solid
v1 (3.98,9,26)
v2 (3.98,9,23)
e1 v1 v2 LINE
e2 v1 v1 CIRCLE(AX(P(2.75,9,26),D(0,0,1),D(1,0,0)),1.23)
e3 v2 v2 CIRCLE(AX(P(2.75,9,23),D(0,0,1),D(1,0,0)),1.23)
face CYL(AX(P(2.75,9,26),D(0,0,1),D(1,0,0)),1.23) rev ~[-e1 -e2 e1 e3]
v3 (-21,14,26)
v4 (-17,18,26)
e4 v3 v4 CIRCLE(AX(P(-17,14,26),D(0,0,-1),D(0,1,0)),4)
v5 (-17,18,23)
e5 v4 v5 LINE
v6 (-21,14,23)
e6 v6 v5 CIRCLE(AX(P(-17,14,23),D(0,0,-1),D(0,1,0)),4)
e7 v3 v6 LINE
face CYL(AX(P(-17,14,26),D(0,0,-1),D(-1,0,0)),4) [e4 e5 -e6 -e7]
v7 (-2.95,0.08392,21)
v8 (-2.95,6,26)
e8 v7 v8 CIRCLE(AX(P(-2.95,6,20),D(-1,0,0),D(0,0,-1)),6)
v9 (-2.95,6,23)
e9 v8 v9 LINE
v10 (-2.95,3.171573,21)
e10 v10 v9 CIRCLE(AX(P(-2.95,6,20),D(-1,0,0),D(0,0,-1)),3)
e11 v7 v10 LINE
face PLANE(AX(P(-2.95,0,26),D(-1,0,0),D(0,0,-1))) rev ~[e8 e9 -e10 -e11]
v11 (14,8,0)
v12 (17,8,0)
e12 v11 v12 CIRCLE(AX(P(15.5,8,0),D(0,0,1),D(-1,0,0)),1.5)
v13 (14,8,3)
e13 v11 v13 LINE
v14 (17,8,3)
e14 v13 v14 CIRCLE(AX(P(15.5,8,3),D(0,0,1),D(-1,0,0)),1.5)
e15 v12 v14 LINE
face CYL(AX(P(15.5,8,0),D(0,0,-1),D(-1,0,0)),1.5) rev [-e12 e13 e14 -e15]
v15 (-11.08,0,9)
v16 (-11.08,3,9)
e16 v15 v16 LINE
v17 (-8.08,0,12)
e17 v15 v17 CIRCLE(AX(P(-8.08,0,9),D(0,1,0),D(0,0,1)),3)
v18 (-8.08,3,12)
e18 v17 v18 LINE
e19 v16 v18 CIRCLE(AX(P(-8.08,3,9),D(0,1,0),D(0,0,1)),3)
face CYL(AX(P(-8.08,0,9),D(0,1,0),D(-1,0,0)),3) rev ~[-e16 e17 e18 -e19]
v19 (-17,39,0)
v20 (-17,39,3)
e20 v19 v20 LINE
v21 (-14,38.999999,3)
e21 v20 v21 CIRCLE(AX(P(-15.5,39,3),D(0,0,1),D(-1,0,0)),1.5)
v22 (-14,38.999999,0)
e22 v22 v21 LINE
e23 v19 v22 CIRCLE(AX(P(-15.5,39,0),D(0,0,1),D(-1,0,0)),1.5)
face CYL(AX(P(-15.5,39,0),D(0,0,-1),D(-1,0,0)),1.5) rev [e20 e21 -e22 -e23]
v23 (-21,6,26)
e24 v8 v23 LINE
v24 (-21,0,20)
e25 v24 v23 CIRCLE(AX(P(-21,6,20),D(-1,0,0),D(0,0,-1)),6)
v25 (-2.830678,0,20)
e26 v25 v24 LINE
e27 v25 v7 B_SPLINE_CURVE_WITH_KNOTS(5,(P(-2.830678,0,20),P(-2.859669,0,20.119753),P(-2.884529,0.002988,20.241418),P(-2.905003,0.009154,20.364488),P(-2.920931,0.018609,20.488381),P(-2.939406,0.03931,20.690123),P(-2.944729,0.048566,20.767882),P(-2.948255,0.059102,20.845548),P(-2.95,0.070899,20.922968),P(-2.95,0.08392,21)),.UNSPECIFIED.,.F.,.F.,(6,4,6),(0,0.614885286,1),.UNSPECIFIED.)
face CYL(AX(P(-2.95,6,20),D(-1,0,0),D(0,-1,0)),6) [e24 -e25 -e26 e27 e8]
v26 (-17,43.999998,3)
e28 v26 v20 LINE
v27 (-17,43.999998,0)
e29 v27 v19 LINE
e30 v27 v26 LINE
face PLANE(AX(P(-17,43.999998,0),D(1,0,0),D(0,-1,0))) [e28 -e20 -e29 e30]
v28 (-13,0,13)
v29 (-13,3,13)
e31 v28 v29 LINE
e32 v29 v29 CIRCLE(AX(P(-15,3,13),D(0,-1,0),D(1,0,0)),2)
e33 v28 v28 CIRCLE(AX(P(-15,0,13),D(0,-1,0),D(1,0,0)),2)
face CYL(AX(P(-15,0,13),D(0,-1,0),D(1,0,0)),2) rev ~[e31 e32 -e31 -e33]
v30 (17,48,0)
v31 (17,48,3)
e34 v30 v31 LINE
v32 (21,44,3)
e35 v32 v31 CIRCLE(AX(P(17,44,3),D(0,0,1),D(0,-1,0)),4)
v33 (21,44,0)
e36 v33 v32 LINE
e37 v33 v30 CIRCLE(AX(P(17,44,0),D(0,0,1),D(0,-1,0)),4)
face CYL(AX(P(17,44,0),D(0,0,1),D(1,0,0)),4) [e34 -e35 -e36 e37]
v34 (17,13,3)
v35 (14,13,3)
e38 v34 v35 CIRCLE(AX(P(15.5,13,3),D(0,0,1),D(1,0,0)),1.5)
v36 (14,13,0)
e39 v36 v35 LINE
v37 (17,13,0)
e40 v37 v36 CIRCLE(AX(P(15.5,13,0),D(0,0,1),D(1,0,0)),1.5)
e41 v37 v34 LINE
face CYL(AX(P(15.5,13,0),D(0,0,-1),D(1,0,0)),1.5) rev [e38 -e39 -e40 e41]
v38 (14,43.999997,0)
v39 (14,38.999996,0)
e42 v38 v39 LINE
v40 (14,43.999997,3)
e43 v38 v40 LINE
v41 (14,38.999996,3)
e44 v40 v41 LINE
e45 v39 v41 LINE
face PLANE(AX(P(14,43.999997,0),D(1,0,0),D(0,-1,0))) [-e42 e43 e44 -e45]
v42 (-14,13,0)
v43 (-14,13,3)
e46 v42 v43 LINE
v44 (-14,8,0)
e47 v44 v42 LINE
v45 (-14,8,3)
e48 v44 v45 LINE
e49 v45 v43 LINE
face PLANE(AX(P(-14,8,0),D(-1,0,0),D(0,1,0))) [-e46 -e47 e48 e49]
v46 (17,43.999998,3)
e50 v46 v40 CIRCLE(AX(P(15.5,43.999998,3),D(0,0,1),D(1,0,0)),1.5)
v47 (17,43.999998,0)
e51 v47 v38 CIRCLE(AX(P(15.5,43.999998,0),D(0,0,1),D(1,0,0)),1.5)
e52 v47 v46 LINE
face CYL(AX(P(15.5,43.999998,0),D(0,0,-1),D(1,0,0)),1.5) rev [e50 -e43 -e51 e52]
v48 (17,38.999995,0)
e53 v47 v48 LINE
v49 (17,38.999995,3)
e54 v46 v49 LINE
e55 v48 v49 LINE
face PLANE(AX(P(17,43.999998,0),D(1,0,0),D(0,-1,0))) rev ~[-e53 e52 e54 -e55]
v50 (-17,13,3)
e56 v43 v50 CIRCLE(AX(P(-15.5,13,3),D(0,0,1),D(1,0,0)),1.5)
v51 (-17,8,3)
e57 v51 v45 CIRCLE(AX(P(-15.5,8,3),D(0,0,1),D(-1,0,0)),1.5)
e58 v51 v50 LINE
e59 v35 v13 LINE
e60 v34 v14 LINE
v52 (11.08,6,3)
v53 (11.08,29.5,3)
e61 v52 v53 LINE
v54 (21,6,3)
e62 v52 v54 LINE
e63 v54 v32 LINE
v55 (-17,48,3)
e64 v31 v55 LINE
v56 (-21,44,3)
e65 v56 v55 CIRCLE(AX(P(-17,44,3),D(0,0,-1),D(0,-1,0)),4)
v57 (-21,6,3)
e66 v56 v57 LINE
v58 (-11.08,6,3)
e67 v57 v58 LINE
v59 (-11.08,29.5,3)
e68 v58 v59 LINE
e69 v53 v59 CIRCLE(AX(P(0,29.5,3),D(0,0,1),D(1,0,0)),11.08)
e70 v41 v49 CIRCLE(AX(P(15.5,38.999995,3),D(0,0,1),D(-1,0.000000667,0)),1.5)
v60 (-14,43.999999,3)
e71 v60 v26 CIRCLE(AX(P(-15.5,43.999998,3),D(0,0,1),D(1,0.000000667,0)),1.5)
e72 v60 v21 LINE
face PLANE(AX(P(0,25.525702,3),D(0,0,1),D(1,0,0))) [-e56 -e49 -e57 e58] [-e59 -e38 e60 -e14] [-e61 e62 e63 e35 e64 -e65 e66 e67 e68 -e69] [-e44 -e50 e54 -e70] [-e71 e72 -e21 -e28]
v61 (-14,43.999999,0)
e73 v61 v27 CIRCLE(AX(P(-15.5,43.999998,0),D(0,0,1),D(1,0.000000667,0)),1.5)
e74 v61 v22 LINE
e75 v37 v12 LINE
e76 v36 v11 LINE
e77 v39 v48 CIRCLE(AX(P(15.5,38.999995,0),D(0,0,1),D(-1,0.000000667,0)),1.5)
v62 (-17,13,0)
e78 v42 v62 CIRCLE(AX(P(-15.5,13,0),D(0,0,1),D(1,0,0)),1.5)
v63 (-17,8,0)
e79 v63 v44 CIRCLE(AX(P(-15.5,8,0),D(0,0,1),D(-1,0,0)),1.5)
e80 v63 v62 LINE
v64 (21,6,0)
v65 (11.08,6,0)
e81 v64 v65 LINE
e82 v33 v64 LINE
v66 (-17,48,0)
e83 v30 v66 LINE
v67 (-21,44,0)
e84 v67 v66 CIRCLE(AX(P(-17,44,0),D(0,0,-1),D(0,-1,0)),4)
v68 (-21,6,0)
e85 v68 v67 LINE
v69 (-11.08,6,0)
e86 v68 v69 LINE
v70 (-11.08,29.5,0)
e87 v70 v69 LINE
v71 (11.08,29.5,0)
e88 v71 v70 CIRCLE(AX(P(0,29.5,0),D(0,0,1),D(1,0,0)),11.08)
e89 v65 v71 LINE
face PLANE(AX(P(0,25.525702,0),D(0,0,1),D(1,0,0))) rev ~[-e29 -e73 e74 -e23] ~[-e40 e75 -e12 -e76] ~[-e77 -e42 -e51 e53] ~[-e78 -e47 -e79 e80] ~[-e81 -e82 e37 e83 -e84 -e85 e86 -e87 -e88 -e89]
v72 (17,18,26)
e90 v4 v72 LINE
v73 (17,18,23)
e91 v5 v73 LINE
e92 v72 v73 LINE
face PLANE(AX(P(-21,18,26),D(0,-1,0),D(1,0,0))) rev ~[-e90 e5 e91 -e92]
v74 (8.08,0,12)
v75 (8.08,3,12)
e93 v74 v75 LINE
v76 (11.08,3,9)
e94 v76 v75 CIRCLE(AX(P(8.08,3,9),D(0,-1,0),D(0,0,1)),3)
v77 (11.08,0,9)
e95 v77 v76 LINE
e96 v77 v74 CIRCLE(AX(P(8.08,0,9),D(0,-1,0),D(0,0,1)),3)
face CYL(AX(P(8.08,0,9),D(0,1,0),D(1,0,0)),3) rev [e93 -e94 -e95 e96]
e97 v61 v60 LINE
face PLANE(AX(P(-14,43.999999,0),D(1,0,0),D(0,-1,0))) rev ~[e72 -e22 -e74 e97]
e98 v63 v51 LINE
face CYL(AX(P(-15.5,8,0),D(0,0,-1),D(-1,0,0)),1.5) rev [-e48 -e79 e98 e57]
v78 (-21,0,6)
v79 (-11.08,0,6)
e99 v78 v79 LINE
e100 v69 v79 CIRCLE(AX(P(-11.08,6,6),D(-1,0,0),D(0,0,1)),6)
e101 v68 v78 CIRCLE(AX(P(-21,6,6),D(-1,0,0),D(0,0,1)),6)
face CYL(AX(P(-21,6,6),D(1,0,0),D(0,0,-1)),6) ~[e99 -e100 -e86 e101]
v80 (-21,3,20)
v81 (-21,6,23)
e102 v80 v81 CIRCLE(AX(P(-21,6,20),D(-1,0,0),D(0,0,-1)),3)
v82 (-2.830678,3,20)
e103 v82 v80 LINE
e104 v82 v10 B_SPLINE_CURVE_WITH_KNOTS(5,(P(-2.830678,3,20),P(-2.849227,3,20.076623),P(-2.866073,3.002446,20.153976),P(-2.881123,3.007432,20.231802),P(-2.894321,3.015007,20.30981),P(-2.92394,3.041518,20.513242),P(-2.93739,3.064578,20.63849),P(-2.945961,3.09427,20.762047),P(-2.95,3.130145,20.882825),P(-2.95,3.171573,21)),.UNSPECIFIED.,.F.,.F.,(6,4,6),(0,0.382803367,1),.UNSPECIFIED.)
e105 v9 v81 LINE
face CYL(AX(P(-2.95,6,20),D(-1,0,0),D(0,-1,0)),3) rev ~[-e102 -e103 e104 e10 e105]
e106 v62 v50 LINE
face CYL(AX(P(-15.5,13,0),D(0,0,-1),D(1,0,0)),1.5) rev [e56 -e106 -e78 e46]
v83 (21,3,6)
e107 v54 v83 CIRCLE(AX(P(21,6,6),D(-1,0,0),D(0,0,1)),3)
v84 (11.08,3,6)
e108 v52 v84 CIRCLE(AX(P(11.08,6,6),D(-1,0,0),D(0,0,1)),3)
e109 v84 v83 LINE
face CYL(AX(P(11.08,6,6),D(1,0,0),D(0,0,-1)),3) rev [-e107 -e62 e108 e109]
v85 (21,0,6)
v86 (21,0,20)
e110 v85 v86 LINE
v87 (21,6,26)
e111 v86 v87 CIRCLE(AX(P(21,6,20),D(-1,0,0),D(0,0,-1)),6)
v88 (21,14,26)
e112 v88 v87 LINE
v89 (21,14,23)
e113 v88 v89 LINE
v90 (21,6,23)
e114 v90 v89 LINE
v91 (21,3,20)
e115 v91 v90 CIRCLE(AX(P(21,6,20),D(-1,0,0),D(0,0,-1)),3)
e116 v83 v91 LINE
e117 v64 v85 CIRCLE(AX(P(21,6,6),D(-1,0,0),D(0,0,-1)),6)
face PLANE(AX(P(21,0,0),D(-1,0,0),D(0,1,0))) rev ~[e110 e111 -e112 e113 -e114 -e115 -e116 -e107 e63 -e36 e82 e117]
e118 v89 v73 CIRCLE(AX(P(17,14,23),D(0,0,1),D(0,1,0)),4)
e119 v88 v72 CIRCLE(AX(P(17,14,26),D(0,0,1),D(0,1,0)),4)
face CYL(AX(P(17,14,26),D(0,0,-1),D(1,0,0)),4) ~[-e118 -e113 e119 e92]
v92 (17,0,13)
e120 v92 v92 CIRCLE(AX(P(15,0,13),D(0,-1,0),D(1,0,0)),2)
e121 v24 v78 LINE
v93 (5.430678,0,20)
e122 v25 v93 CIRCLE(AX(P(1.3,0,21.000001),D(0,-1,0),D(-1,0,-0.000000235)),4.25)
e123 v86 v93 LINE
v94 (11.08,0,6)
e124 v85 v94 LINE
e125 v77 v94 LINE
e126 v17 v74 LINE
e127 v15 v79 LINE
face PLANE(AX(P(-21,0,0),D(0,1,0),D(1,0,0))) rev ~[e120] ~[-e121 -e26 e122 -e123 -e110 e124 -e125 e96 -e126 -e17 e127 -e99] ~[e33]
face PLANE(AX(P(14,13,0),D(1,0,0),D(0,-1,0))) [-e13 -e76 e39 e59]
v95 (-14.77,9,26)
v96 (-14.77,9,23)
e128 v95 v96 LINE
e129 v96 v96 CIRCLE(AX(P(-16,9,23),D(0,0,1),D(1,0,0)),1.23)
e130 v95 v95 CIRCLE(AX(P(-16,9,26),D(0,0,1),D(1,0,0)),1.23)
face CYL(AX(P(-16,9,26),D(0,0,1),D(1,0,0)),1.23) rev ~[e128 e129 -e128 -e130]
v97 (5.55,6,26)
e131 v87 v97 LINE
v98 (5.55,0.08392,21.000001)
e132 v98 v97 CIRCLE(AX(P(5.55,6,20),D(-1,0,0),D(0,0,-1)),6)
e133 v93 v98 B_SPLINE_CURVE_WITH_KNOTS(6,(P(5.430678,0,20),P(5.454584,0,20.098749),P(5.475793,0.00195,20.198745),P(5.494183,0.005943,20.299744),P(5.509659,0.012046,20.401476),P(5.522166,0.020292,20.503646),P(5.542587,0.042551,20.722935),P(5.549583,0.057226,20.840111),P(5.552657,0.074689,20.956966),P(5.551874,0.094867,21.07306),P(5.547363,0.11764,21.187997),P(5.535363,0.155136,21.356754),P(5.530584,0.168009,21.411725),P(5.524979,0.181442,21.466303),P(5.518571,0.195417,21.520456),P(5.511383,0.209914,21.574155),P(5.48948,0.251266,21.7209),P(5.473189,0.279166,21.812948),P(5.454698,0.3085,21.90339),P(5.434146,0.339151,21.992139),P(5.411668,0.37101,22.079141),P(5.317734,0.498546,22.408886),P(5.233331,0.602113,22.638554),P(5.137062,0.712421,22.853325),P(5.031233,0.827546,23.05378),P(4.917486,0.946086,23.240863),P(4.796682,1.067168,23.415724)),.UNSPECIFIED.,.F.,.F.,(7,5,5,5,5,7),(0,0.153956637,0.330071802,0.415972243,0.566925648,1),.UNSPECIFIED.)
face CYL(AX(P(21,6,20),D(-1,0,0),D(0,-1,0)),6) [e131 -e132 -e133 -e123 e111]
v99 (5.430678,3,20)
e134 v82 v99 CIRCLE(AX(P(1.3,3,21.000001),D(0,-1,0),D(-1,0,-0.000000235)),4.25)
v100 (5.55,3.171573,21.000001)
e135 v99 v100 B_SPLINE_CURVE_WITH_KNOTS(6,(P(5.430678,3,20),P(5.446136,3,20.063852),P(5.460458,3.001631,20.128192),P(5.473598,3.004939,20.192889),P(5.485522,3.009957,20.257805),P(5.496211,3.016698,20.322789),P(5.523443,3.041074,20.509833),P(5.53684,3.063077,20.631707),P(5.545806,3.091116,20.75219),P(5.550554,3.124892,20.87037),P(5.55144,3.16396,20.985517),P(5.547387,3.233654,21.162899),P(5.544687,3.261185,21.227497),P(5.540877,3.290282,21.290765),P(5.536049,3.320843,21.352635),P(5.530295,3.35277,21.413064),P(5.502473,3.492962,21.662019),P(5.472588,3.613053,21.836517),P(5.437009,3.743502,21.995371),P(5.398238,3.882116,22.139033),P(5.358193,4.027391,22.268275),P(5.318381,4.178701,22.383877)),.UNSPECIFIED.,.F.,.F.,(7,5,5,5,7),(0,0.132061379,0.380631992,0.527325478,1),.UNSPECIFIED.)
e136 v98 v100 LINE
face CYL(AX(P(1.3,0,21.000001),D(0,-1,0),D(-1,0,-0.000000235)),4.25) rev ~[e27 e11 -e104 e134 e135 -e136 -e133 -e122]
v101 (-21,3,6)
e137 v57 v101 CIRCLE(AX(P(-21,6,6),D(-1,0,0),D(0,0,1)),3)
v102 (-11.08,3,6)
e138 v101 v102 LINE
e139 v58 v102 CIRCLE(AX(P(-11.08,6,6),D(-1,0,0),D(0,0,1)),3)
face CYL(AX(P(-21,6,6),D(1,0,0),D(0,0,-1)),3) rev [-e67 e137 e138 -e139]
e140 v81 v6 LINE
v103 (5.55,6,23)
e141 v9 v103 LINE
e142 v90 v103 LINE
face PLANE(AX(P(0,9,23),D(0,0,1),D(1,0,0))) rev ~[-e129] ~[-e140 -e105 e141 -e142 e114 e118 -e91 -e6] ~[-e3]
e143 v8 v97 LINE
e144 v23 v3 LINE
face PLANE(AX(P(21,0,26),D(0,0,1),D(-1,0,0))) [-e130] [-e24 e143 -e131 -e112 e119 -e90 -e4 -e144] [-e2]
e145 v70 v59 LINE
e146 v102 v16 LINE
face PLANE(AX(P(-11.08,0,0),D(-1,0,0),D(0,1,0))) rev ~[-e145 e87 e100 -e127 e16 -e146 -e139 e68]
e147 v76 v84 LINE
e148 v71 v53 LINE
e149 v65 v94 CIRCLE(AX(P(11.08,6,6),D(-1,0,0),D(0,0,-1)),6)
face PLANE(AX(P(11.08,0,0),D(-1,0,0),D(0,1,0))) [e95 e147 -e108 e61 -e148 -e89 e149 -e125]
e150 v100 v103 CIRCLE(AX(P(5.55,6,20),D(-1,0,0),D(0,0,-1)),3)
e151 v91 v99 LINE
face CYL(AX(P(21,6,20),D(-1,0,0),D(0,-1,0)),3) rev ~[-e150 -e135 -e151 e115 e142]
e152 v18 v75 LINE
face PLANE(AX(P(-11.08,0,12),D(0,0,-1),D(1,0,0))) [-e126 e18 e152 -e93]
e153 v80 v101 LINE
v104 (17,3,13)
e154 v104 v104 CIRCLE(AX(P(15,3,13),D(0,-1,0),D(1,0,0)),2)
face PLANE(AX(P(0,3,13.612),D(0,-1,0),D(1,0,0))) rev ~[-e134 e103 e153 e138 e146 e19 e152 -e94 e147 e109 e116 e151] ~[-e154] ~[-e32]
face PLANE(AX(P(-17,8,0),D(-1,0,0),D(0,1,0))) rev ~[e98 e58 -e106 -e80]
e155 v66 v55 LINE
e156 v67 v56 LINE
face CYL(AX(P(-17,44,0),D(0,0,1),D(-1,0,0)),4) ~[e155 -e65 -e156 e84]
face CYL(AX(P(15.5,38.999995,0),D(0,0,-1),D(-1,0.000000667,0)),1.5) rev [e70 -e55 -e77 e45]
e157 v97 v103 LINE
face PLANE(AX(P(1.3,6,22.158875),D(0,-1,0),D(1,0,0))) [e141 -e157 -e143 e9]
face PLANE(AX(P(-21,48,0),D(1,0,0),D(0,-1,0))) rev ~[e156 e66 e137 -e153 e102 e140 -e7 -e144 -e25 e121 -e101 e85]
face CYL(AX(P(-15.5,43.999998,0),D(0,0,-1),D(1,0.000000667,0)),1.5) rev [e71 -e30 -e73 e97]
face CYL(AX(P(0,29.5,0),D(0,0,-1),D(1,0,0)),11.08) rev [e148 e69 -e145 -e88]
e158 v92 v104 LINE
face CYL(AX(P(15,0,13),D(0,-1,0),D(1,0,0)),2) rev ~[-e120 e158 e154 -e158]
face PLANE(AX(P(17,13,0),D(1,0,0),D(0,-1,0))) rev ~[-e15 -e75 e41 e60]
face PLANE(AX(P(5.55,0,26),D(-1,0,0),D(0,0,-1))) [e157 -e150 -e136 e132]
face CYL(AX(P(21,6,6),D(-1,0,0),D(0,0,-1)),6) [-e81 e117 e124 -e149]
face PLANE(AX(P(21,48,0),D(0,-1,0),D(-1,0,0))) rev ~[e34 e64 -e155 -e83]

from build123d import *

# Parameters (mm, degrees)
PAD_DEPTH       = 3
SKETCH001_R     = 2
PAD001_DEPTH    = 3
SKETCH002_W     = 42
SKETCH002_H     = 18
PAD002_DEPTH    = 3
POCKET_DEPTH    = 6
SKETCH004_R     = 1.23
POCKET001_DEPTH = 5
FILLET_R        = 4
FILLET001_R     = 6
FILLET002_R     = 3
FILLET003_R     = 3


with BuildPart() as part:
    # Sketch → Pad (new body)
    with BuildSketch(Plane.XY):
        with BuildLine():
            Line((21, 0), (21, 48))
            Line((21, 48), (-21, 48))
            Line((-21, 48), (-21, 0))
            Line((-21, 0), (-11.08, 0))
            Line((-11.08, 0), (-11.08, 29.5))
            ThreePointArc((11.08, 29.5), (0, 40.58), (-11.08, 29.5))
            Line((11.08, 0), (11.08, 29.5))
            Line((21, 0), (11.08, 0))
        make_face()
        with BuildLine():
            Line((14, 13), (14, 8))
            ThreePointArc((14, 8), (15.5, 6.5), (17, 8))
            Line((17, 13), (17, 8))
            ThreePointArc((17, 13), (15.5, 14.5), (14, 13))
        make_face(mode=Mode.SUBTRACT)
        with BuildLine():
            Line((-14, 8), (-14, 13))
            ThreePointArc((-14, 13), (-15.5, 14.5), (-17, 13))
            Line((-17, 8), (-17, 13))
            ThreePointArc((-17, 8), (-15.5, 6.5), (-14, 8))
        make_face(mode=Mode.SUBTRACT)
        with BuildLine():
            Line((-17, 43.999998), (-17, 39))
            ThreePointArc((-17, 39), (-15.500001, 37.5), (-14, 38.999999))
            Line((-14, 43.999999), (-14, 38.999999))
            ThreePointArc((-14, 43.999999), (-15.500001, 45.499998), (-17, 43.999998))
        make_face(mode=Mode.SUBTRACT)
        with BuildLine():
            Line((17, 43.999998), (17, 38.999995))
            ThreePointArc((14, 38.999996), (15.499999, 37.499995), (17, 38.999995))
            Line((14, 43.999997), (14, 38.999996))
            ThreePointArc((17, 43.999998), (15.499999, 45.499998), (14, 43.999997))
        make_face(mode=Mode.SUBTRACT)
    extrude(amount=PAD_DEPTH)

    # Sketch001 → Pad001 (new body)
    with BuildSketch(Plane.XZ):
        Polygon((-11.08, 0), (-11.08, 12), (11.08, 12), (11.08, 0), (21, 0), (21, 26), (-21, 26), (-21, 0), align=None)
        with Locations((-15, 13)):
            Circle(SKETCH001_R, mode=Mode.SUBTRACT)
        with Locations((15, 13)):
            Circle(SKETCH001_R, mode=Mode.SUBTRACT)
    extrude(amount=-PAD001_DEPTH)

    # Sketch002 → Pad002 (new body)
    with BuildSketch(Plane.XY.offset(26)):
        with Locations((0, 9)):
            Rectangle(SKETCH002_W, SKETCH002_H)
    extrude(amount=-PAD002_DEPTH)

    # Sketch003 → Pocket (cut)
    with BuildSketch(Plane.XZ):
        with BuildLine():
            Line((-2.95, 26), (-2.95, 21))
            ThreePointArc((-2.95, 21), (1.300001, 16.750001), (5.55, 21.000001))
            Line((5.55, 26), (5.55, 21.000001))
            Line((-2.95, 26), (5.55, 26))
        make_face()
    extrude(amount=-POCKET_DEPTH, mode=Mode.SUBTRACT)

    # Sketch004 → Pocket001 (cut)
    with BuildSketch(Plane.XY.offset(26)):
        with Locations((-16, 9)):
            Circle(SKETCH004_R)
        with Locations((2.75, 9)):
            Circle(SKETCH004_R)
    extrude(amount=-POCKET001_DEPTH, mode=Mode.SUBTRACT)

    # Fillet
    fillet_edges = [part.edges().sort_by_distance(p)[0] for p in [
        (-21, 18, 24.5),
        (21, 18, 24.5),
        (21, 48, 1.5),
        (-21, 48, 1.5),
    ]]
    fillet(fillet_edges, radius=FILLET_R)

    # Fillet001
    fillet001_edges = [part.edges().sort_by_distance(p)[0] for p in [
        (16.04, 0, 0),
        (-16.04, 0, 0),
        (-11.975, 0, 26),
        (13.275, 0, 26),
    ]]
    fillet(fillet001_edges, radius=FILLET001_R)

    # Fillet002
    fillet002_edges = [part.edges().sort_by_distance(p)[0] for p in [
        (16.04, 3, 3),
        (-16.04, 3, 3),
        (-11.975, 3, 23),
        (13.275, 3, 23),
    ]]
    fillet(fillet002_edges, radius=FILLET002_R)

    # Fillet003
    fillet003_edges = [part.edges().sort_by_distance(p)[0] for p in [
        (11.08, 1.5, 12),
        (-11.08, 1.5, 12),
    ]]
    fillet(fillet003_edges, radius=FILLET003_R)


solid = part.part
